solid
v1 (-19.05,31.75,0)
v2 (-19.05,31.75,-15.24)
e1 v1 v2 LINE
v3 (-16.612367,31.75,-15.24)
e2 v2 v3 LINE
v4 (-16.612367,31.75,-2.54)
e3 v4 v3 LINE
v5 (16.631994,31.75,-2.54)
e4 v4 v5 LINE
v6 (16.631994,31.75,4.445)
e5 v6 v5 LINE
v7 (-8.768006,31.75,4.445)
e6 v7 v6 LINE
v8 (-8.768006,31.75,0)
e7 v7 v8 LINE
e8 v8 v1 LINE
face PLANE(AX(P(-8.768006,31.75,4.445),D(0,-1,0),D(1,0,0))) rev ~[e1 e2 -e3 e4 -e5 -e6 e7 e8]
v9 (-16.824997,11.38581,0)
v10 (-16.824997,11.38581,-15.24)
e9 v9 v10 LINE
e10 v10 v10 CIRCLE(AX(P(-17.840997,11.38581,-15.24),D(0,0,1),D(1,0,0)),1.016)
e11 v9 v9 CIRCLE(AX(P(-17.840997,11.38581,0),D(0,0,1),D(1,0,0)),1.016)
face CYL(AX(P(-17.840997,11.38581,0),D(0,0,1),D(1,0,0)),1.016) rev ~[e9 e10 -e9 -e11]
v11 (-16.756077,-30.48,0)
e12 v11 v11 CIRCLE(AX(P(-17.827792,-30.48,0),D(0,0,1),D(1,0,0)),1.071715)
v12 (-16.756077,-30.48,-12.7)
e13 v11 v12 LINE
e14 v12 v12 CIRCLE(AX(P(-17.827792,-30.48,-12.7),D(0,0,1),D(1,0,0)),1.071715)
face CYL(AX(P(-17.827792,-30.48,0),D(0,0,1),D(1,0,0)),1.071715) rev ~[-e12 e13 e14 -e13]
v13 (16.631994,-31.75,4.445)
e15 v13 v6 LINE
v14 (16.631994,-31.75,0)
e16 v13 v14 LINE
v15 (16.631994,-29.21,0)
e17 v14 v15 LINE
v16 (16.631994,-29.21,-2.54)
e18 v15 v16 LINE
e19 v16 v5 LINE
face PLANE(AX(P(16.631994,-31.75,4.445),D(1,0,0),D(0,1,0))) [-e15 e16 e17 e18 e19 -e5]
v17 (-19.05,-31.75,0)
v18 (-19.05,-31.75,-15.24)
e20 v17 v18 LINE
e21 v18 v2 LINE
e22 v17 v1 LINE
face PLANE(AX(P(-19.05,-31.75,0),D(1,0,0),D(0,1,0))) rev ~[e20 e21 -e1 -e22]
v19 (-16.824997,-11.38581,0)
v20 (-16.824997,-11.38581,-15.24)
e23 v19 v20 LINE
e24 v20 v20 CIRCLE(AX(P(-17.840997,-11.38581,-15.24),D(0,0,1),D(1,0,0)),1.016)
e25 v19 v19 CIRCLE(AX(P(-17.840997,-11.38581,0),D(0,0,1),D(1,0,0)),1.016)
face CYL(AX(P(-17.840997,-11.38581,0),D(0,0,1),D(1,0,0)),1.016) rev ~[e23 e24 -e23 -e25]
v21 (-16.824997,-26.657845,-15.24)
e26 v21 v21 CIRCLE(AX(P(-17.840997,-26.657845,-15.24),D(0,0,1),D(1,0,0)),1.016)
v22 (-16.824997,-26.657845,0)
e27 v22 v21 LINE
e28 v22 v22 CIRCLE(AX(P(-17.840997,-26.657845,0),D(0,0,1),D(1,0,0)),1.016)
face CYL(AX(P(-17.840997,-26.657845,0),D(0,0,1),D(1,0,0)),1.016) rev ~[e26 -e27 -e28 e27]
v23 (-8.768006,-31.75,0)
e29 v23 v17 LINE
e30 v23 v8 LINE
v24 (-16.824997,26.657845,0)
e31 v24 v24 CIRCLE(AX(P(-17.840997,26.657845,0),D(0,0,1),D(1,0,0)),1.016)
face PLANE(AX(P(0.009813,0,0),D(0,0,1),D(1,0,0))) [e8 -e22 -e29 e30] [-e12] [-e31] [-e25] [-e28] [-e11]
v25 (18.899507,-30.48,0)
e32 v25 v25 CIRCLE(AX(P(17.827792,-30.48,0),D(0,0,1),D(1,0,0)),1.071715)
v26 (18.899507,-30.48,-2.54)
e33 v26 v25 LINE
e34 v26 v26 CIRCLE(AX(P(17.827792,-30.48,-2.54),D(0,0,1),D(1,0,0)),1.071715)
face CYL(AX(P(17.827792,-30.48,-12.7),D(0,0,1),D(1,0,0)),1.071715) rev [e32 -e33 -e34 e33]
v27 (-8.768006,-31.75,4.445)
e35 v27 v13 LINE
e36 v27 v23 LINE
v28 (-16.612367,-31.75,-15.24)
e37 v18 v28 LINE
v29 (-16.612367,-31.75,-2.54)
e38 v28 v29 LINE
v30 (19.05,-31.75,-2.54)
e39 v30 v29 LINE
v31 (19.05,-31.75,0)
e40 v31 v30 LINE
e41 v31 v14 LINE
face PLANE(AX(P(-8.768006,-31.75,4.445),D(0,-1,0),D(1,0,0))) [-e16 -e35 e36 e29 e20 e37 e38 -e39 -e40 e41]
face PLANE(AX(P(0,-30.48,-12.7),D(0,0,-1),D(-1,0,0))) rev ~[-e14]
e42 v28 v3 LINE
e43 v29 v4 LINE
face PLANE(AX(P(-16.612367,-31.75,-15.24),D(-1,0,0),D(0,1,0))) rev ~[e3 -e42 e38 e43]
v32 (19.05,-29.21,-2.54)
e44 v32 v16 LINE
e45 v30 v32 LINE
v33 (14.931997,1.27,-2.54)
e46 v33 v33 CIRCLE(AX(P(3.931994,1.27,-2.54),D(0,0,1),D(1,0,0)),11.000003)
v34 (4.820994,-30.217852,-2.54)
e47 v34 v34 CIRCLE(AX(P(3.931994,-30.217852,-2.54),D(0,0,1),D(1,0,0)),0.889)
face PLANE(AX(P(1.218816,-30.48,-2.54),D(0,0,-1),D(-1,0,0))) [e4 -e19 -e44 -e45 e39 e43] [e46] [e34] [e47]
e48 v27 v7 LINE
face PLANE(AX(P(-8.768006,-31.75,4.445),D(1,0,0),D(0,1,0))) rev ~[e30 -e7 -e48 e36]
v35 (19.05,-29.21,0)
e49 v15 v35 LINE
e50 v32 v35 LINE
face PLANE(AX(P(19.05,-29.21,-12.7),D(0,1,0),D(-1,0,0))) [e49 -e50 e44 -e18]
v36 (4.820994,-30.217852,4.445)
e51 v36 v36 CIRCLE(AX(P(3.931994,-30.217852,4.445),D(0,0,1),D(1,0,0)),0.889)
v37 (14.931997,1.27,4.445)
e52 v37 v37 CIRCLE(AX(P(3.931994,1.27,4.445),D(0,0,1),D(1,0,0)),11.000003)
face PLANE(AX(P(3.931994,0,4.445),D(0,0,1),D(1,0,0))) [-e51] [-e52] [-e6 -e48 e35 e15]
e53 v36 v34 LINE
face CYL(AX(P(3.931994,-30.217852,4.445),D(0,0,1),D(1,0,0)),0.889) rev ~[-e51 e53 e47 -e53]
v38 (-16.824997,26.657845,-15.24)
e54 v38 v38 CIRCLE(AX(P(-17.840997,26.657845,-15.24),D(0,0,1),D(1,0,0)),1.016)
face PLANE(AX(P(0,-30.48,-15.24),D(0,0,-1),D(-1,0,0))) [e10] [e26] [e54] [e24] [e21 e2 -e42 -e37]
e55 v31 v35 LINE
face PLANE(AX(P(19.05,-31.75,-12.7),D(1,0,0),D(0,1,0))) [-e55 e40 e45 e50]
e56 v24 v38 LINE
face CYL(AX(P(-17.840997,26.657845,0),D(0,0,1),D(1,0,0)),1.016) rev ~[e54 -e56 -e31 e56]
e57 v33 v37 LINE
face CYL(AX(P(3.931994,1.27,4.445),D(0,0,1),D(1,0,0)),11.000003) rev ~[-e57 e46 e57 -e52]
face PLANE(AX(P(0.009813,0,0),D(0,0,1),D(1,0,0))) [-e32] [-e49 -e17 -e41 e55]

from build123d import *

# Parameters (mm, degrees)
SKETCH1_W             = 2.437632846
SKETCH1_H             = 63.5
SKETCH1_R             = 1.016
BOSS_EXTRUDE1_DEPTH   = 15.24
BOSS_EXTRUDE1_2_DEPTH = 15.24
SKETCH2_W             = 33.244360662
SKETCH2_H             = 63.5
BOSS_EXTRUDE2_DEPTH   = 2.54
SKETCH3_W             = 38.1
SKETCH3_H             = 12.7
BOSS_EXTRUDE3_DEPTH   = 2.54
SKETCH5_R             = 1.071714946
CUT_EXTRUDE2_DEPTH    = 41.040262237
SKETCH6_R             = 1.016
CUT_EXTRUDE3_DEPTH    = 41.040262237
SKETCH7_W             = 38.1
SKETCH7_H             = 2.54
SKETCH7_R             = 1.071714946
BOSS_EXTRUDE5_DEPTH   = 2.54
CUT_EXTRUDE4_DEPTH    = 41.040262237
BOSS_EXTRUDE6_START   = 4.445
SKETCH9_W             = 25.4
SKETCH9_H             = 63.5
SKETCH9_R             = 11.0000034
BOSS_EXTRUDE6_DEPTH   = 4.445
SKETCH10_W            = 35.662367154
SKETCH10_H            = 2.54
CUT_EXTRUDE5_DEPTH    = 12.7
SKETCH11_R            = 0.889
CUT_EXTRUDE7_DEPTH    = 12.7


with BuildPart() as part:
    # Sketch1 → Boss-Extrude1 (new body)
    with BuildSketch(Plane.XY):
        with Locations((-17.831183577, 0)):
            Rectangle(SKETCH1_W, SKETCH1_H)
        with Locations((-17.840996754, -26.657844962)):
            Circle(SKETCH1_R, mode=Mode.SUBTRACT)
        with Locations((-17.840996754, -11.385809707)):
            Circle(SKETCH1_R, mode=Mode.SUBTRACT)
        with Locations((-17.840996754, 11.385809707)):
            Circle(SKETCH1_R, mode=Mode.SUBTRACT)
        with Locations((-17.840996754, 26.657844962)):
            Circle(SKETCH1_R, mode=Mode.SUBTRACT)
    extrude(amount=-BOSS_EXTRUDE1_DEPTH)

    # Sketch2 → Boss-Extrude2 (add)
    with BuildSketch(Plane.XY):
        with Locations((0.009813177, 0)):
            Rectangle(SKETCH2_W, SKETCH2_H)
    extrude(amount=-BOSS_EXTRUDE2_DEPTH)

    # Sketch3 → Boss-Extrude3 (add)
    with BuildSketch(Plane.XZ.offset(31.75)):
        with Locations((0, -6.35)):
            Rectangle(SKETCH3_W, SKETCH3_H)
    extrude(amount=-BOSS_EXTRUDE3_DEPTH)

    # Sketch5 → Cut-Extrude2 (cut, through all)
    with BuildSketch(Plane.XY):
        with Locations((-17.827792249, -30.48)):
            Circle(SKETCH5_R)
        with Locations((17.827792249, -30.48)):
            Circle(SKETCH5_R)
    extrude(amount=-CUT_EXTRUDE2_DEPTH, mode=Mode.SUBTRACT)

    # Sketch7 → Boss-Extrude5 (add)
    with BuildSketch(Plane(origin=(0, 0, -12.7), x_dir=(-1, 0, 0), z_dir=(0, 0, -1))):
        with Locations((0, -30.48)):
            Rectangle(SKETCH7_W, SKETCH7_H)
        with Locations(Location((-17.827792249, -30.48, 0), (0, 0, 180))):
            Circle(SKETCH7_R, mode=Mode.SUBTRACT)
    extrude(amount=BOSS_EXTRUDE5_DEPTH)

    # Sketch8 → Cut-Extrude4 (cut, through all)
    with BuildSketch(Plane.XY):
        with BuildLine():
            ThreePointArc((-7.068009892, 1.27), (3.931993508, -9.7300034), (14.931996908, 1.27))
            Line((14.931996908, 1.27), (-7.068009892, 1.27))
        make_face()
        with BuildLine():
            Line((-7.068009892, 1.27), (14.931996908, 1.27))
            ThreePointArc((14.931996908, 1.27), (3.931993508, 12.2700034), (-7.068009892, 1.27))
        make_face()
    extrude(amount=-CUT_EXTRUDE4_DEPTH, mode=Mode.SUBTRACT)

    # Sketch9 → Boss-Extrude6 (add)
    with BuildSketch(Plane.XY.offset(BOSS_EXTRUDE6_START)):
        with Locations((3.931993508, 0)):
            Rectangle(SKETCH9_W, SKETCH9_H)
        with Locations((3.931993508, 1.27)):
            Circle(SKETCH9_R, mode=Mode.SUBTRACT)
    extrude(amount=-BOSS_EXTRUDE6_DEPTH)

    # Sketch10 → Cut-Extrude5 (cut)
    with BuildSketch(Plane(origin=(0, 0, -15.24), x_dir=(-1, 0, 0), z_dir=(0, 0, -1))):
        with Locations((-1.218816423, -30.48)):
            Rectangle(SKETCH10_W, SKETCH10_H)
    extrude(amount=-CUT_EXTRUDE5_DEPTH, mode=Mode.SUBTRACT)

    # Sketch11 → Cut-Extrude7 (cut)
    with BuildSketch(Plane.XY.offset(4.445)):
        with Locations((3.931993508, -30.217851705)):
            Circle(SKETCH11_R)
    extrude(amount=-CUT_EXTRUDE7_DEPTH, mode=Mode.SUBTRACT)


with BuildPart() as body_2:
    # Sketch1 → Boss-Extrude1 2 (new body)
    with BuildSketch(Plane.XY):
        with Locations((17.840996754, -26.657844962)):
            Circle(SKETCH1_R)
    extrude(amount=-BOSS_EXTRUDE1_2_DEPTH)

    # Sketch6 → Cut-Extrude3 (cut, through all)
    with BuildSketch(Plane.XY):
        with Locations((17.840996754, -26.657844962)):
            Circle(SKETCH6_R)
    extrude(amount=-CUT_EXTRUDE3_DEPTH, mode=Mode.SUBTRACT)


solid = part.part
